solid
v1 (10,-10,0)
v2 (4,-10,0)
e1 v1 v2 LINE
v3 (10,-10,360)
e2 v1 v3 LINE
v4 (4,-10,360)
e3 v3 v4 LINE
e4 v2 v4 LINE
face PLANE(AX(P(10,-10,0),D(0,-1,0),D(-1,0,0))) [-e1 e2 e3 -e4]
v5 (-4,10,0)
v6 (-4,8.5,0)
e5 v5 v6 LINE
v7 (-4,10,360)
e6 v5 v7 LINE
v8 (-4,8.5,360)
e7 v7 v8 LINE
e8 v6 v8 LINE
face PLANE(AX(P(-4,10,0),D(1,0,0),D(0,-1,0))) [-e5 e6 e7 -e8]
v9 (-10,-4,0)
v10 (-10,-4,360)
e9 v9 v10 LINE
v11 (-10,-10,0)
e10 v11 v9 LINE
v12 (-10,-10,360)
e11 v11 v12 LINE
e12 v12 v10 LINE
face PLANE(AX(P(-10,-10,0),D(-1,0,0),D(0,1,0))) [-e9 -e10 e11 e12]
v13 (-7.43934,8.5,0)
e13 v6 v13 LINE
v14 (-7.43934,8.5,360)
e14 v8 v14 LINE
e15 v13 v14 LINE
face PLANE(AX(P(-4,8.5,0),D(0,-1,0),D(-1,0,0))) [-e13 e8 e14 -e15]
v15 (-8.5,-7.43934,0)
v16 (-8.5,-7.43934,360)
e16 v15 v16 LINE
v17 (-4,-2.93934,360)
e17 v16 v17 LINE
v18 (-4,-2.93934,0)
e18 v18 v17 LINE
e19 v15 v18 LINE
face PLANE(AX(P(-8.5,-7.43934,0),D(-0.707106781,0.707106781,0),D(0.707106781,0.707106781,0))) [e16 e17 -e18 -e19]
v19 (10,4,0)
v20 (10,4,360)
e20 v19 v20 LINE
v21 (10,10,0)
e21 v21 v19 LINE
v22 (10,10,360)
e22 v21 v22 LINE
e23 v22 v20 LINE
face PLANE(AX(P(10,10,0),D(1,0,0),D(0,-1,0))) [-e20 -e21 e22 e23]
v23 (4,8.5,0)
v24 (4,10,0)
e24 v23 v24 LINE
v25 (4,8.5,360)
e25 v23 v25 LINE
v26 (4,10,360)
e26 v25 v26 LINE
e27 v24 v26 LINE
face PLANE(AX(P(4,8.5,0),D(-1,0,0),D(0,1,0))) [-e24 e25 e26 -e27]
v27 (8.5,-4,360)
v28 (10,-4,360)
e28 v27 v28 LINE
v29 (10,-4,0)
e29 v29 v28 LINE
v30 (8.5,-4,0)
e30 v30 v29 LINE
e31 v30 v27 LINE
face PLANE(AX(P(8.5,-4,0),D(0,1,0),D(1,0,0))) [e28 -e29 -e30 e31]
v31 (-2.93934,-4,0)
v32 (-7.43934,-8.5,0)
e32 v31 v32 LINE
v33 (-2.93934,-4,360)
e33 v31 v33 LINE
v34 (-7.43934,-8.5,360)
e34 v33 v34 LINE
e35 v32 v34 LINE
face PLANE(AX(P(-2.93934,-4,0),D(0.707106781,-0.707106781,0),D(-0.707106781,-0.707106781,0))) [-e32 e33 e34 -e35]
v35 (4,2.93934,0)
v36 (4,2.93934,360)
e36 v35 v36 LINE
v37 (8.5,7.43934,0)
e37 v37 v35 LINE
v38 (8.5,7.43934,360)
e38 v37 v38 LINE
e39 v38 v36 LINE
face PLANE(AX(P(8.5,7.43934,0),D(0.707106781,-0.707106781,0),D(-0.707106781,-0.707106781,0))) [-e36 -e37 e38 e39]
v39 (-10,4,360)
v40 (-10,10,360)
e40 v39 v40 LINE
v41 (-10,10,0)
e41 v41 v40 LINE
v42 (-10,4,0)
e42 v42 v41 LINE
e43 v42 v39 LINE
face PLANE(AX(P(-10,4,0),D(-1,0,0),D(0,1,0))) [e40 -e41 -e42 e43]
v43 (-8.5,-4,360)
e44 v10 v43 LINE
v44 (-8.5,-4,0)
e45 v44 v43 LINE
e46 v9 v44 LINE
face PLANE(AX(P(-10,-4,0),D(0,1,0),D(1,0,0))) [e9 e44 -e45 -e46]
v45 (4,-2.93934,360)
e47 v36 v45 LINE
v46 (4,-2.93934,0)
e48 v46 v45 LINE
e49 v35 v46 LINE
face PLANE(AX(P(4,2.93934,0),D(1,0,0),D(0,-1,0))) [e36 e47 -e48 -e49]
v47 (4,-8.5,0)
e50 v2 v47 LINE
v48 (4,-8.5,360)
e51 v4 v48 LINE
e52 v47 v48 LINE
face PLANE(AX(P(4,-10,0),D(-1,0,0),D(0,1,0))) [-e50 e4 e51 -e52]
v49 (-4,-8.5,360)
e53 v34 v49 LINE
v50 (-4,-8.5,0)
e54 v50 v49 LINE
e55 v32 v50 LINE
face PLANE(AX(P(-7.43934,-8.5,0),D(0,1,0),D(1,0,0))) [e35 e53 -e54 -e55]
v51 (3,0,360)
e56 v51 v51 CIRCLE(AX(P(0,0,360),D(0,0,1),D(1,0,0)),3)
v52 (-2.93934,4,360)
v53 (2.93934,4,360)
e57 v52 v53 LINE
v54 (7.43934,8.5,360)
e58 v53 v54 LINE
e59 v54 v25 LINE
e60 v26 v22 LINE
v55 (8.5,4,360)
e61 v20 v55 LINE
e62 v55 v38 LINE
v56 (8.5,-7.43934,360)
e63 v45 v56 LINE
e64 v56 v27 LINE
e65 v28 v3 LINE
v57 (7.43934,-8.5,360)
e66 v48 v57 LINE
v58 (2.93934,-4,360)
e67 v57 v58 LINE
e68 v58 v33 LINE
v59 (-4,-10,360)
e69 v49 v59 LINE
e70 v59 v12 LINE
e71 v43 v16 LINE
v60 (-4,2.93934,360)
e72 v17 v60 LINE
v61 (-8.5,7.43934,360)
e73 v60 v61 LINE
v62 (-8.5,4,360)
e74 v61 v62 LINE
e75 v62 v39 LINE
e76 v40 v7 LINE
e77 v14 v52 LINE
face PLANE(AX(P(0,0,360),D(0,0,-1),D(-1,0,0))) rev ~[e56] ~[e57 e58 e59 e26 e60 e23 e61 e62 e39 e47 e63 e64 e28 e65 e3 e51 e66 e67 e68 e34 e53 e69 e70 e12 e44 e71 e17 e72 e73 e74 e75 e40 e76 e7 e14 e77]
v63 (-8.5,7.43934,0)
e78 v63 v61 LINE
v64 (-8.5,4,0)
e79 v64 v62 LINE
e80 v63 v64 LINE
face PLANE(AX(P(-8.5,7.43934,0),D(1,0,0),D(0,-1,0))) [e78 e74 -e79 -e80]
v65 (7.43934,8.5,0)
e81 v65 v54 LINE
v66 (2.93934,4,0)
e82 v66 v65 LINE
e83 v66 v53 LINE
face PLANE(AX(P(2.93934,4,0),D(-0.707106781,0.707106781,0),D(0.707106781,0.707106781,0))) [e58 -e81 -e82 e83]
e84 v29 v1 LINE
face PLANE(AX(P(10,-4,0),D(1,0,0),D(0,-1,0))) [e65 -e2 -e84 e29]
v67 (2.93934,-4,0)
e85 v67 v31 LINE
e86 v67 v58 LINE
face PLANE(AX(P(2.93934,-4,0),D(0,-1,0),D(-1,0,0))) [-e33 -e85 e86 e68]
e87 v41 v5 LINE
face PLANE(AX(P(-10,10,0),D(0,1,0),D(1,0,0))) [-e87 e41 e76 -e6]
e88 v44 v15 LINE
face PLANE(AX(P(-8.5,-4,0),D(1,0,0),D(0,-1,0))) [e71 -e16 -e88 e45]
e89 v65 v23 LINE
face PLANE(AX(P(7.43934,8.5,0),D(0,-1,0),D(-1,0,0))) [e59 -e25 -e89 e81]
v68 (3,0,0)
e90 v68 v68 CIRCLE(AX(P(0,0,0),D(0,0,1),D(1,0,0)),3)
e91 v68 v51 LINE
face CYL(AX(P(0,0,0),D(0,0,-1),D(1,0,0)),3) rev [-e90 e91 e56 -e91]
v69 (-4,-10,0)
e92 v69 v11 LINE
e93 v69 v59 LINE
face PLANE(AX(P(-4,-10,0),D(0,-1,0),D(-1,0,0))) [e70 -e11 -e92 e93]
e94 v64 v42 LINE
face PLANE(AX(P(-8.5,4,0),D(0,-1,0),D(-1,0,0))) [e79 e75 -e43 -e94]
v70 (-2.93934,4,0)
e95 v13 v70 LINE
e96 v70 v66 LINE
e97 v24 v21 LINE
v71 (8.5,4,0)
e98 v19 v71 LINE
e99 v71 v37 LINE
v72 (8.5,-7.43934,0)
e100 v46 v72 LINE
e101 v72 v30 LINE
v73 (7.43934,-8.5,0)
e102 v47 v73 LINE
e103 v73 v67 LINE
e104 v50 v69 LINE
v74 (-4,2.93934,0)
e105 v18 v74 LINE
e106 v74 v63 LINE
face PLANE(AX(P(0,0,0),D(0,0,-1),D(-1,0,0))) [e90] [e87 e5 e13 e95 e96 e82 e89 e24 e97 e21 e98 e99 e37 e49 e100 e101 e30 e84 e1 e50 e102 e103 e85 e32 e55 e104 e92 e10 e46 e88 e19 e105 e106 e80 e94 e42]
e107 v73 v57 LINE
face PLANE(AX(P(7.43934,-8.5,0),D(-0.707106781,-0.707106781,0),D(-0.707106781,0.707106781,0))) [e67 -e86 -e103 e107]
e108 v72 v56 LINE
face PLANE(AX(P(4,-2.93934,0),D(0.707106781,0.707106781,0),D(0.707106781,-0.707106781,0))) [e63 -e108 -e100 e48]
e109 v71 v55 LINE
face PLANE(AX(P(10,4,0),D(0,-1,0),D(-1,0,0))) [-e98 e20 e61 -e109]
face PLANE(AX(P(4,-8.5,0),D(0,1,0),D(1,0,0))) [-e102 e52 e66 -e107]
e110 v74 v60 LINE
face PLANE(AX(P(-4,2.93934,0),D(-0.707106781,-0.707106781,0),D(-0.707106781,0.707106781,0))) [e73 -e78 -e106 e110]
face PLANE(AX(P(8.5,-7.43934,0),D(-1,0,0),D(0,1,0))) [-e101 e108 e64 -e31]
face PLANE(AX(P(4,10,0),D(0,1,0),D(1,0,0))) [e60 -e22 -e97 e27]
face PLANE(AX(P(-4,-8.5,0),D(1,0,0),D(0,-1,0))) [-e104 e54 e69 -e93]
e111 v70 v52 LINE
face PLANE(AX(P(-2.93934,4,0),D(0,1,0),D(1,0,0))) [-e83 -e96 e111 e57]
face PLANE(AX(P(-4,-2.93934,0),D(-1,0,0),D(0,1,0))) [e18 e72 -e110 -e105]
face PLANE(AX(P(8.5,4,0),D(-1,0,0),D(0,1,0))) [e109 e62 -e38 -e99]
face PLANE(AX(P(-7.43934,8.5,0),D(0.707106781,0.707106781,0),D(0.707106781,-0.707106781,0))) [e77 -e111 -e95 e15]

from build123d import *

# Parameters (mm, degrees)
ESBO_O1_R                = 3
RESSALTO_EXTRUS_O1_DEPTH = 360


with BuildPart() as part:
    # Esboço1 → Ressalto-extrusão1 (new body)
    with BuildSketch(Plane.XY):
        Polygon((-2.939339828, 4), (2.939339828, 4), (7.439339828, 8.5), (4, 8.5), (4, 10), (10, 10), (10, 4), (8.5, 4), (8.5, 7.439339828), (4, 2.939339828), (4, -2.939339828), (8.5, -7.439339828), (8.5, -4), (10, -4), (10, -10), (4, -10), (4, -8.5), (7.439339828, -8.5), (2.939339828, -4), (-2.939339828, -4), (-7.439339828, -8.5), (-4, -8.5), (-4, -10), (-10, -10), (-10, -4), (-8.5, -4), (-8.5, -7.439339828), (-4, -2.939339828), (-4, 2.939339828), (-8.5, 7.439339828), (-8.5, 4), (-10, 4), (-10, 10), (-4, 10), (-4, 8.5), (-7.439339828, 8.5), align=None)
        Circle(ESBO_O1_R, mode=Mode.SUBTRACT)
    extrude(amount=RESSALTO_EXTRUS_O1_DEPTH)


solid = part.part
